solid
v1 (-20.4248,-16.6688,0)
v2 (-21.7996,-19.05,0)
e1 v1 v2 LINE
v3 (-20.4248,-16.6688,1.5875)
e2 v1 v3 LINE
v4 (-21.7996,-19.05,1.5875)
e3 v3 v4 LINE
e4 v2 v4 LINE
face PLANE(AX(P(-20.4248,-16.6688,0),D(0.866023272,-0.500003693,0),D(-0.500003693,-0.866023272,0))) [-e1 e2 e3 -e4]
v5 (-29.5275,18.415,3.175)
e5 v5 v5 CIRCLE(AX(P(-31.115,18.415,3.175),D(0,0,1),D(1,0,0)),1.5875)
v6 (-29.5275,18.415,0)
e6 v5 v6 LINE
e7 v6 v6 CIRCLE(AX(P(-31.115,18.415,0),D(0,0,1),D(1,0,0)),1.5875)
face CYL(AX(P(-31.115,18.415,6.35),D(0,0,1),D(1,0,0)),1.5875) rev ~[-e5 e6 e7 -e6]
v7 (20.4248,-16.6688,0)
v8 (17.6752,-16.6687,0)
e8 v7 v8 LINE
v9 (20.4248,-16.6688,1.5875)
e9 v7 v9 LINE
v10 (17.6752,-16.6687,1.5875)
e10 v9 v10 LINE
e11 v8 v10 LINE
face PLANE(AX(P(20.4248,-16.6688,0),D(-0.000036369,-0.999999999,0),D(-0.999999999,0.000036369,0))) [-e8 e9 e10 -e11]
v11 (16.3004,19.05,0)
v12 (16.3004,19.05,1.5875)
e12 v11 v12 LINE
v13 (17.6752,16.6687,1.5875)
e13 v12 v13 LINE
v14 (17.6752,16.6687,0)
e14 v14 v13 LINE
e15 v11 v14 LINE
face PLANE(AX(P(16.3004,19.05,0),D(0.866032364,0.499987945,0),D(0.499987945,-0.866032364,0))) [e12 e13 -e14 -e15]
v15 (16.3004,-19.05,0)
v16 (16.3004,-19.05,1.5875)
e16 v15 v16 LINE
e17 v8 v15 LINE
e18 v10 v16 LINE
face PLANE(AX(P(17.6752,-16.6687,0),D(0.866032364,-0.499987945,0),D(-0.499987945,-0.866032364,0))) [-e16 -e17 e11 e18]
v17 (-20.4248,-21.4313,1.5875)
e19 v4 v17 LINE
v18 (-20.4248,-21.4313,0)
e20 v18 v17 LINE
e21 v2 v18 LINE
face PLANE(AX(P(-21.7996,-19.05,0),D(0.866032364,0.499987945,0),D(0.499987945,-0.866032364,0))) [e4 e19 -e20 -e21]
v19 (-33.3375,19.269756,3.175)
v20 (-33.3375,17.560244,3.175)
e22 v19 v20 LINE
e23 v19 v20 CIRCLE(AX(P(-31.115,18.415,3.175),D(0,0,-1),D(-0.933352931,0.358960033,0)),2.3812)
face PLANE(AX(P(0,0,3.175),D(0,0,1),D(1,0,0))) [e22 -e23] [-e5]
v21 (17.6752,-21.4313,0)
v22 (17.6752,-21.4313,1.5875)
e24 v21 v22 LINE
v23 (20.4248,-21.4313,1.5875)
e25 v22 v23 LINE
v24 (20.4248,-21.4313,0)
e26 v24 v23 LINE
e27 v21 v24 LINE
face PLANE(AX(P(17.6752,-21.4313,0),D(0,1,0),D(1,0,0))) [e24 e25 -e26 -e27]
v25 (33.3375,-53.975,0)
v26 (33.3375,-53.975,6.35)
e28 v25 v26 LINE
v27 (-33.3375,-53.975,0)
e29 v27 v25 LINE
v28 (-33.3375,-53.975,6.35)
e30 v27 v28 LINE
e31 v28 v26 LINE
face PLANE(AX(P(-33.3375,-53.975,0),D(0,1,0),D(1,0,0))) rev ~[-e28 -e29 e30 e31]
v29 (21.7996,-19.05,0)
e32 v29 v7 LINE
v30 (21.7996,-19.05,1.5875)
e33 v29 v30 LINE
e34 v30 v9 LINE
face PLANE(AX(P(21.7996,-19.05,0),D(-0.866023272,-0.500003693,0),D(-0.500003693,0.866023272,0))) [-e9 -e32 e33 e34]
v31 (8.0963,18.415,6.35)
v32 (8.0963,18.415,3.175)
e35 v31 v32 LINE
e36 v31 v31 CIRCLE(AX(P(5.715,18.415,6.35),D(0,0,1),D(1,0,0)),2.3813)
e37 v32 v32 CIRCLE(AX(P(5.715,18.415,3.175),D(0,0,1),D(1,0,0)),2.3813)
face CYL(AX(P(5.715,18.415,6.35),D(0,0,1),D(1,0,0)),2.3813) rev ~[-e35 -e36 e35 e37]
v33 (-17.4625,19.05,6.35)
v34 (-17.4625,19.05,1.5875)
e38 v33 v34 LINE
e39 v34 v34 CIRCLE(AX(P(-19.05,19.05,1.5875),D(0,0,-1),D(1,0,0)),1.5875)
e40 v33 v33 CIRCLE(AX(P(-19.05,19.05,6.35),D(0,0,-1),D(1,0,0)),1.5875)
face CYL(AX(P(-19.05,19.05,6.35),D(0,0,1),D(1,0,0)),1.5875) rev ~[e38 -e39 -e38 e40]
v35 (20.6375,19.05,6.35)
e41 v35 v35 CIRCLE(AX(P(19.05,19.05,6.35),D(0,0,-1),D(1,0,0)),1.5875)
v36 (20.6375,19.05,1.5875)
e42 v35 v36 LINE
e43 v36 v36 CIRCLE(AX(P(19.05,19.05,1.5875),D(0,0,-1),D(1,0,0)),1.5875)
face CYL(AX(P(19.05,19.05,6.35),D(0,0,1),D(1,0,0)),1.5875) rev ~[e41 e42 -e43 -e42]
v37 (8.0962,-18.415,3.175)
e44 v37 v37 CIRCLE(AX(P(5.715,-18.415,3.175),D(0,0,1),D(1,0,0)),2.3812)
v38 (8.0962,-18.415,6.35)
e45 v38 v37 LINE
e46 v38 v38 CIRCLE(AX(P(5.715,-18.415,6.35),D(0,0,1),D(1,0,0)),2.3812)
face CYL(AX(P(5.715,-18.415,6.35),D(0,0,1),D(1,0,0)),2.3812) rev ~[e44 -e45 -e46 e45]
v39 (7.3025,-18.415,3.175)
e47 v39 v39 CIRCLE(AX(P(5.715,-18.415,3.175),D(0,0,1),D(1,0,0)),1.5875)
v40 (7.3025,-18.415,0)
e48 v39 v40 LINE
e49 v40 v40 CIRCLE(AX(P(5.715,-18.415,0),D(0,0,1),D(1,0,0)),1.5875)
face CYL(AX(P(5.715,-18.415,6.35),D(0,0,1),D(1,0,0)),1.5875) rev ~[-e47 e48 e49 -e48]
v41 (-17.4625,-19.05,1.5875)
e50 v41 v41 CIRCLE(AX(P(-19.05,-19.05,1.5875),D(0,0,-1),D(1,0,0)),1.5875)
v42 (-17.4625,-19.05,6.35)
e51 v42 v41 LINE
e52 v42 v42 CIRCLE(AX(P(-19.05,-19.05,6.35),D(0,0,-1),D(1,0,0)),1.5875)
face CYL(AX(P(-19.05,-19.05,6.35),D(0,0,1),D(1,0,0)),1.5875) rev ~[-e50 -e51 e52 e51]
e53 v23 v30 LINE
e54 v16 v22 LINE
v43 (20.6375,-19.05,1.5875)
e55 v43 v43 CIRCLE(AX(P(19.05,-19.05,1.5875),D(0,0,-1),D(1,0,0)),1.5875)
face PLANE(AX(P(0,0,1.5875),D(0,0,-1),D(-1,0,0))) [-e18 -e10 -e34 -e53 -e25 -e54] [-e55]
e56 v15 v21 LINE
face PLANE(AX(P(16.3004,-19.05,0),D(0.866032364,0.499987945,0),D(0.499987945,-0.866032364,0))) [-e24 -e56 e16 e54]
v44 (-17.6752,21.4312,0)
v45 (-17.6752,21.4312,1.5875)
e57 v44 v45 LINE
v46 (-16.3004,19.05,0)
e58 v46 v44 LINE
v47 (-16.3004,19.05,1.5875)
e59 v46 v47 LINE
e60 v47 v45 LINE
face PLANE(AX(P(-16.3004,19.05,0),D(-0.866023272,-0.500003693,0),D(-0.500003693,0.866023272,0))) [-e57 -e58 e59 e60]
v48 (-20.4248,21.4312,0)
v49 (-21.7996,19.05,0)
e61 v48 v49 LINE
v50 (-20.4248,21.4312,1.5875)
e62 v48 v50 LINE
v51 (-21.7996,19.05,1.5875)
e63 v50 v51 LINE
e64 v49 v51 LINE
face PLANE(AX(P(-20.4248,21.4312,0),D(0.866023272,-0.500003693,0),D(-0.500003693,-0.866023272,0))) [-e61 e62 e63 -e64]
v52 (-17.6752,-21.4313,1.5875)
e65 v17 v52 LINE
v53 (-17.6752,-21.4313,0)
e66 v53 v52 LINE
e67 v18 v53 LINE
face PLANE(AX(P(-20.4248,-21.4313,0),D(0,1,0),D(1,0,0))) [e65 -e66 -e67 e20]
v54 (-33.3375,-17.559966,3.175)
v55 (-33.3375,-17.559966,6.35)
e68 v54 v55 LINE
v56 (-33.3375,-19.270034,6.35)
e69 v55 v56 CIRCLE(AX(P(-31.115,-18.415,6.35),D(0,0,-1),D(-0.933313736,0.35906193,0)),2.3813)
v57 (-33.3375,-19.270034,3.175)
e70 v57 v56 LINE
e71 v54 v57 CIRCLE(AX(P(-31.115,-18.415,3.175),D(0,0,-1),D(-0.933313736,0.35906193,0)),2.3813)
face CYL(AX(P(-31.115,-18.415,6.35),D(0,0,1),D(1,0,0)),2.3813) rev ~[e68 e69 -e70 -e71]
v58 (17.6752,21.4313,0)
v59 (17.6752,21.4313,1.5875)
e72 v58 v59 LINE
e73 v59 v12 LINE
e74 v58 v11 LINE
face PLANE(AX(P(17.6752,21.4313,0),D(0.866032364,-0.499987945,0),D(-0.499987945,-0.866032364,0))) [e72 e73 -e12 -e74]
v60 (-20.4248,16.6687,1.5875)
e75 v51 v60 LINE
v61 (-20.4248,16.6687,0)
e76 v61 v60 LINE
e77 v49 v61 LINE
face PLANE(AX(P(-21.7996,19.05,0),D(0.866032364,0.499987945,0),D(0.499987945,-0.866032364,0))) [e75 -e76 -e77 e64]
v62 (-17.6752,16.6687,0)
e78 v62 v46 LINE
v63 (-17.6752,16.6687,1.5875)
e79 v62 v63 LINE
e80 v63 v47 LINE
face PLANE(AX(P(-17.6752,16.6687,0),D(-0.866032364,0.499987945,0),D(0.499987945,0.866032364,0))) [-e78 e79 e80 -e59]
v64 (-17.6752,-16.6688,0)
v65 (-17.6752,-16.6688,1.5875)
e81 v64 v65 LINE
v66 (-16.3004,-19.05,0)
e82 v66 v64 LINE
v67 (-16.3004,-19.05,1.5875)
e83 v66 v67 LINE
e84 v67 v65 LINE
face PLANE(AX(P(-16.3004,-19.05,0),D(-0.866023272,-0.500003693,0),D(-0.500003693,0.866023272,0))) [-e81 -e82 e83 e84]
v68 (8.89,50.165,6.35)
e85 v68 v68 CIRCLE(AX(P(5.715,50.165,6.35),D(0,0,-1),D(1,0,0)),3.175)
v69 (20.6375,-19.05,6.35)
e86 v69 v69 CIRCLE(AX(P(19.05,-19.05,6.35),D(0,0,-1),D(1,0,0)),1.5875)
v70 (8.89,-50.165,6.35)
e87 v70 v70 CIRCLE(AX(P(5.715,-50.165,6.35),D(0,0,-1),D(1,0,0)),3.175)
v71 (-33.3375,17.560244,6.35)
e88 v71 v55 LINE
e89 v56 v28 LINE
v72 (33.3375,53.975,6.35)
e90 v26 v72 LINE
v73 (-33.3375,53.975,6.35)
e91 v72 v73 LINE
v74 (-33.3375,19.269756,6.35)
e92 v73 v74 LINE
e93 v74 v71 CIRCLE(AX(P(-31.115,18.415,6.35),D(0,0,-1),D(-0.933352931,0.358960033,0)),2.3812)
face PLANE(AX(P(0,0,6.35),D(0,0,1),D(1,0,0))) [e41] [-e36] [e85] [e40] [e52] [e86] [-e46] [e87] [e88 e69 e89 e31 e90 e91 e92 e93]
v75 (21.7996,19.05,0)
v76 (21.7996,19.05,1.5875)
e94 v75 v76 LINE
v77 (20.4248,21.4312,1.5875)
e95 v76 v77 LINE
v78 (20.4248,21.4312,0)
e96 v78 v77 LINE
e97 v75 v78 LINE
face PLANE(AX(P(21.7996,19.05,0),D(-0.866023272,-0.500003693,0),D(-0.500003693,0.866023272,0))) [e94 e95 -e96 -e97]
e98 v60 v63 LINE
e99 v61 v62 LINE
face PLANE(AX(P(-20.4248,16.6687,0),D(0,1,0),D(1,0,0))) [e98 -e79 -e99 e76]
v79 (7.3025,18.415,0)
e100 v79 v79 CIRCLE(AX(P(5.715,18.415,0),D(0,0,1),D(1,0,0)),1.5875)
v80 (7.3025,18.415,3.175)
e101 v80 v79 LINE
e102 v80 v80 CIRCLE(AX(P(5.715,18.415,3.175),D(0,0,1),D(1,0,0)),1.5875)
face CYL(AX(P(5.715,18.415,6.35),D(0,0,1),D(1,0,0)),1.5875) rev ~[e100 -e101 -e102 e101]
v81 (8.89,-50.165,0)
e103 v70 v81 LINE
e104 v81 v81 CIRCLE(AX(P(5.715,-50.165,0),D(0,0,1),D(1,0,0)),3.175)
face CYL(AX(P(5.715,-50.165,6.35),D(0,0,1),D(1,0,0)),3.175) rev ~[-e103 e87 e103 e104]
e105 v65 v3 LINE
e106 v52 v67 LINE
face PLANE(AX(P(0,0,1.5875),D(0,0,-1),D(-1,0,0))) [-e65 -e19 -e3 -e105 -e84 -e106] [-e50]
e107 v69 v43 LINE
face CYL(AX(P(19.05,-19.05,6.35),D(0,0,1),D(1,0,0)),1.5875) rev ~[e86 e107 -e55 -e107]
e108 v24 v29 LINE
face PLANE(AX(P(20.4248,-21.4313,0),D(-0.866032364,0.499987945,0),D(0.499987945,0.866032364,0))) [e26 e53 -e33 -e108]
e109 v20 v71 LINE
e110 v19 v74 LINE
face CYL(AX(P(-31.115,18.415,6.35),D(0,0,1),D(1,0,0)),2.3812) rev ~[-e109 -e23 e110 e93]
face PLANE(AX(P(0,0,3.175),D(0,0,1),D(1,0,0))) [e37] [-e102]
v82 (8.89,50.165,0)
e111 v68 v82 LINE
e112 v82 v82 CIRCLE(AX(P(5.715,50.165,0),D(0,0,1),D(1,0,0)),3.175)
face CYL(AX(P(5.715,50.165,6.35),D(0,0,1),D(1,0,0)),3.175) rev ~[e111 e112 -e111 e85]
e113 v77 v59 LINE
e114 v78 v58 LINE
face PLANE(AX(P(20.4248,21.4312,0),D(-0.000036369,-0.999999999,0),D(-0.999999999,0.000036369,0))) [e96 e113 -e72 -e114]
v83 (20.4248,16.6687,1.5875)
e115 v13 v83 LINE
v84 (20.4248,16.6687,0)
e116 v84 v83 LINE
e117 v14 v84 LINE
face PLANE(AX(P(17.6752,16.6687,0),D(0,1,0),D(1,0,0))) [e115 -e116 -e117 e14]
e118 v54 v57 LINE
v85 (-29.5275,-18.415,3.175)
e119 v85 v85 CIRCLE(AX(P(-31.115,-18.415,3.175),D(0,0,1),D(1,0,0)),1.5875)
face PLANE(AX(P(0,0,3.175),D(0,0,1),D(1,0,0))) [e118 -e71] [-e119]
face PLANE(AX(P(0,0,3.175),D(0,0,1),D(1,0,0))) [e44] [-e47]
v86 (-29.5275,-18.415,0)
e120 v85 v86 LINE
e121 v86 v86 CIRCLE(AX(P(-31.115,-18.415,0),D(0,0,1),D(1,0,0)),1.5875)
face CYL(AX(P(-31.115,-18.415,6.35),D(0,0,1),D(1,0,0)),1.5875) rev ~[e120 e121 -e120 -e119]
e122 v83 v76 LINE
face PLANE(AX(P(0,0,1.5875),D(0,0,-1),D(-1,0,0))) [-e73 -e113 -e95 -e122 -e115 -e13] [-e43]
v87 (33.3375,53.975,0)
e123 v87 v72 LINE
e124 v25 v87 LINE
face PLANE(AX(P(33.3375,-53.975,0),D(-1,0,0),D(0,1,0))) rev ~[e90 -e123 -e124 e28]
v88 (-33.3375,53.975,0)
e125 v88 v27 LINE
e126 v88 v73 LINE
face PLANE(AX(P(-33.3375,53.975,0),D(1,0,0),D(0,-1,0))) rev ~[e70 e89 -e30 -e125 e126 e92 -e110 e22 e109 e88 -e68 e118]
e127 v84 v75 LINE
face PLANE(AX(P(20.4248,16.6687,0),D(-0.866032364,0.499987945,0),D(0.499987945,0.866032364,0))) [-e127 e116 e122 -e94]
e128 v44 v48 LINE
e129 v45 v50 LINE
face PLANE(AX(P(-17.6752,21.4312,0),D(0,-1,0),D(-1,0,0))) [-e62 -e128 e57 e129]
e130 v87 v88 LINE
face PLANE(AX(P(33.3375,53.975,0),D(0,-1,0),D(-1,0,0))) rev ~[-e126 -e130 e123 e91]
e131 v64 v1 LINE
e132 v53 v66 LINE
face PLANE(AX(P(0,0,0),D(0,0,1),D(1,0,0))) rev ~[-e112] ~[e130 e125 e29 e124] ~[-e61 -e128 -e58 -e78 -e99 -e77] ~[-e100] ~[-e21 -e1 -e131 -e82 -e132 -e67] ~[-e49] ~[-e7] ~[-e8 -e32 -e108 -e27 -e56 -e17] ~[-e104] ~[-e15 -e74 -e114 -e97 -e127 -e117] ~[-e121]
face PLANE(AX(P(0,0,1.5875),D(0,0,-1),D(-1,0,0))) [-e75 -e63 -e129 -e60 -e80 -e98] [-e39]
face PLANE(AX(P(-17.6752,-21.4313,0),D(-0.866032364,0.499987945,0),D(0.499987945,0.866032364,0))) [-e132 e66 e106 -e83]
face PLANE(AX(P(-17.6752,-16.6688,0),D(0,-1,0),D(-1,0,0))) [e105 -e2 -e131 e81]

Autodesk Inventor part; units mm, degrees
ref_plane "YZ Plane" through (0, 0, 0) normal (1, 0, 0) x (0, 1, 0)
ref_plane "XZ Plane" through (0, 0, 0) normal (0, 1, 0) x (-1, 0, 0)
ref_plane "XY Plane" through (0, 0, 0) normal (0, 0, 1) x (1, 0, 0)
sketch "Sketch1" plane through (0, 0, 0) normal (0, 0, 1) x (1, 0, 0)
  line L0 (-33.3375, -53.975) -> (33.3375, -53.975)
  line L1 (33.3375, -53.975) -> (33.3375, 53.975)
  line L2 (33.3375, 53.975) -> (-33.3375, 53.975)
  line L3 (-33.3375, 53.975) -> (-33.3375, -53.975)
  line L4 (-33.3375, -53.975) -> (33.3375, 53.975) construction
  line L5 (33.3375, -53.975) -> (-33.3375, 53.975) construction
  point P0 (0, 0)
  dimension "d0" = 66.675
  dimension "d1" = 107.95
extrude "Extrusion1" add sketch "Sketch1" along normal blind 6.35
sketch "Sketch3" plane through (0, 0, 6.35) normal (0, 0, 1) x (1, 0, 0)
  line L0 (-19.05, -19.05) -> (19.05, -19.05)
  line L1 (19.05, -19.05) -> (19.05, 19.05)
  line L2 (19.05, 19.05) -> (-19.05, 19.05)
  line L3 (-19.05, 19.05) -> (-19.05, -19.05)
  line L4 (-19.05, -19.05) -> (19.05, 19.05) construction
  line L5 (19.05, -19.05) -> (-19.05, 19.05) construction
  line L6 (0, 0) -> (-12.7, 0)
  line L7 (-31.115, -18.415) -> (5.715, -18.415)
  line L8 (5.715, -18.415) -> (5.715, 18.415)
  line L9 (5.715, 18.415) -> (-31.115, 18.415)
  line L10 (-31.115, 18.415) -> (-31.115, -18.415)
  line L11 (-31.115, -18.415) -> (5.715, 18.415) construction
  line L12 (5.715, -18.415) -> (-31.115, 18.415) construction
  circle A0 centre (19.05, 19.05) radius 1.5875
  circle A1 centre (19.05, -19.05) radius 1.5875
  circle A2 centre (-19.05, 19.05) radius 1.5875
  circle A3 centre (-19.05, -19.05) radius 1.5875
  circle A4 centre (5.715, 18.415) radius 1.5875
  circle A5 centre (5.715, -18.415) radius 1.5875
  circle A6 centre (-31.115, 18.415) radius 1.5875
  circle A7 centre (-31.115, -18.415) radius 1.5875
  line L13 (5.715, 18.415) -> (5.715, 50.165)
  circle A8 centre (5.715, 50.165) radius 3.175
  line L14 (5.715, -18.415) -> (5.715, -50.165)
  circle A9 centre (5.715, -50.165) radius 3.175
  dimension "d11" = 38.1
  dimension "d12" = 38.1
  dimension "d13" = 12.7
  dimension "d14" = 36.83
  dimension "d15" = 36.83
  dimension "d16" = 3.175
  dimension "d17" = 3.175
  dimension "d18" = 3.175
  dimension "d19" = 3.175
  dimension "d20" = 3.175
  dimension "d21" = 3.175
  dimension "d22" = 3.175
  dimension "d23" = 3.175
  dimension "d24" = 31.75
  dimension "d25" = 6.35
  dimension "d26" = 31.75
  dimension "d27" = 6.35
extrude "Extrusion2" cut sketch "Sketch3" against normal blind 6.35 contours L3 L7 A3 L0 | L0 A3 L7 L3 | A8 | A9 | L7 A3 L3 | L3 A3 L7 | A5 L7 L14 L0 | L0 L14 A5 | L14 L8 A5 L0 | L0 A5 L14 | A5 L8 L7 | A7 L10 L7 | L7 L10 A7 | A2 L9 L3 | L3 L9 A2 | L9 A2 L2 L3 | L3 L2 A2 L9 | A1 L1 L0 | L0 L1 A1 | A4 L9 L8 | L8 L13 L2 A4 | A6 L9 L10 | L10 L9 A6 | A4 L2 L13 L9 | A4 L13 L2 | A0 L2 L1 | L1 L2 A0 | L13 A4 L2
sketch "Sketch4" plane through (0, 0, 6.35) normal (0, 0, 1) x (1, 0, 0)
  circle A0 centre (-31.115, 18.415) radius 1.5875 projected
  circle A1 centre (-31.115, -18.415) radius 1.5875 projected
  circle A2 centre (5.715, -18.415) radius 1.5875 projected
  circle A3 centre (5.715, 18.415) radius 1.5875 projected
  circle A4 centre (-31.115, 18.415) radius 2.3812
  circle A5 centre (-31.115, -18.415) radius 2.3813
  circle A6 centre (5.715, -18.415) radius 2.3812
  circle A7 centre (5.715, 18.415) radius 2.3813
  point P0 (0, 0)
  dimension "d30" = 4.7625
  dimension "d31" = 4.7625
  dimension "d32" = 4.7625
  dimension "d33" = 4.7625
extrude "Extrusion3" cut sketch "Sketch4" against normal blind 3.175
sketch "Sketch5" plane through (0, 0, 0) normal (0, 0, -1) x (-1, 0, 0)
  circle A0 centre (19.05, 19.05) radius 1.5875 projected
  circle A1 centre (19.05, -19.05) radius 1.5875 projected
  circle A2 centre (-19.05, -19.05) radius 1.5875 projected
  circle A3 centre (-19.05, 19.05) radius 1.5875 projected
  line L0 (-16.3004, 19.05) -> (-17.6752, 16.6687)
  line L1 (-17.6752, 16.6687) -> (-20.4248, 16.6687)
  line L2 (-20.4248, 16.6687) -> (-21.7996, 19.05)
  line L3 (-21.7996, 19.05) -> (-20.4248, 21.4312)
  line L4 (-20.4248, 21.4312) -> (-17.6752, 21.4313)
  line L5 (-17.6752, 21.4313) -> (-16.3004, 19.05)
  line L6 (-33.3375, 53.975) -> (33.3375, 53.975) projected
  line L7 (-33.3375, -53.975) -> (-33.3375, 53.975) projected
  line L8 (-16.3004, -19.05) -> (-17.6752, -21.4313)
  line L9 (-17.6752, -21.4313) -> (-20.4248, -21.4313)
  line L10 (-20.4248, -21.4313) -> (-21.7996, -19.05)
  line L11 (-21.7996, -19.05) -> (-20.4248, -16.6688)
  line L12 (-20.4248, -16.6688) -> (-17.6752, -16.6687)
  line L13 (-17.6752, -16.6687) -> (-16.3004, -19.05)
  line L14 (21.7996, 19.05) -> (20.4248, 16.6687)
  line L15 (20.4248, 16.6687) -> (17.6752, 16.6687)
  line L16 (17.6752, 16.6687) -> (16.3004, 19.05)
  line L17 (16.3004, 19.05) -> (17.6752, 21.4312)
  line L18 (17.6752, 21.4312) -> (20.4248, 21.4312)
  line L19 (20.4248, 21.4312) -> (21.7996, 19.05)
  line L20 (21.7996, -19.05) -> (20.4248, -21.4313)
  line L21 (20.4248, -21.4313) -> (17.6752, -21.4313)
  line L22 (17.6752, -21.4313) -> (16.3004, -19.05)
  line L23 (16.3004, -19.05) -> (17.6752, -16.6688)
  line L24 (17.6752, -16.6688) -> (20.4248, -16.6688)
  line L25 (20.4248, -16.6688) -> (21.7996, -19.05)
  point P0 (0, 0)
  point P1 (-19.05, -19.05)
  point P2 (19.05, 19.05)
  point P3 (19.05, -19.05)
  dimension "d36" = 4.7625
  dimension "d39" = 38.1
  dimension "d42" = 38.1
extrude "Extrusion4" cut sketch "Sketch5" against normal blind 1.5875
properties part number "lidarCamMountv2" material "ABS Plastic"
